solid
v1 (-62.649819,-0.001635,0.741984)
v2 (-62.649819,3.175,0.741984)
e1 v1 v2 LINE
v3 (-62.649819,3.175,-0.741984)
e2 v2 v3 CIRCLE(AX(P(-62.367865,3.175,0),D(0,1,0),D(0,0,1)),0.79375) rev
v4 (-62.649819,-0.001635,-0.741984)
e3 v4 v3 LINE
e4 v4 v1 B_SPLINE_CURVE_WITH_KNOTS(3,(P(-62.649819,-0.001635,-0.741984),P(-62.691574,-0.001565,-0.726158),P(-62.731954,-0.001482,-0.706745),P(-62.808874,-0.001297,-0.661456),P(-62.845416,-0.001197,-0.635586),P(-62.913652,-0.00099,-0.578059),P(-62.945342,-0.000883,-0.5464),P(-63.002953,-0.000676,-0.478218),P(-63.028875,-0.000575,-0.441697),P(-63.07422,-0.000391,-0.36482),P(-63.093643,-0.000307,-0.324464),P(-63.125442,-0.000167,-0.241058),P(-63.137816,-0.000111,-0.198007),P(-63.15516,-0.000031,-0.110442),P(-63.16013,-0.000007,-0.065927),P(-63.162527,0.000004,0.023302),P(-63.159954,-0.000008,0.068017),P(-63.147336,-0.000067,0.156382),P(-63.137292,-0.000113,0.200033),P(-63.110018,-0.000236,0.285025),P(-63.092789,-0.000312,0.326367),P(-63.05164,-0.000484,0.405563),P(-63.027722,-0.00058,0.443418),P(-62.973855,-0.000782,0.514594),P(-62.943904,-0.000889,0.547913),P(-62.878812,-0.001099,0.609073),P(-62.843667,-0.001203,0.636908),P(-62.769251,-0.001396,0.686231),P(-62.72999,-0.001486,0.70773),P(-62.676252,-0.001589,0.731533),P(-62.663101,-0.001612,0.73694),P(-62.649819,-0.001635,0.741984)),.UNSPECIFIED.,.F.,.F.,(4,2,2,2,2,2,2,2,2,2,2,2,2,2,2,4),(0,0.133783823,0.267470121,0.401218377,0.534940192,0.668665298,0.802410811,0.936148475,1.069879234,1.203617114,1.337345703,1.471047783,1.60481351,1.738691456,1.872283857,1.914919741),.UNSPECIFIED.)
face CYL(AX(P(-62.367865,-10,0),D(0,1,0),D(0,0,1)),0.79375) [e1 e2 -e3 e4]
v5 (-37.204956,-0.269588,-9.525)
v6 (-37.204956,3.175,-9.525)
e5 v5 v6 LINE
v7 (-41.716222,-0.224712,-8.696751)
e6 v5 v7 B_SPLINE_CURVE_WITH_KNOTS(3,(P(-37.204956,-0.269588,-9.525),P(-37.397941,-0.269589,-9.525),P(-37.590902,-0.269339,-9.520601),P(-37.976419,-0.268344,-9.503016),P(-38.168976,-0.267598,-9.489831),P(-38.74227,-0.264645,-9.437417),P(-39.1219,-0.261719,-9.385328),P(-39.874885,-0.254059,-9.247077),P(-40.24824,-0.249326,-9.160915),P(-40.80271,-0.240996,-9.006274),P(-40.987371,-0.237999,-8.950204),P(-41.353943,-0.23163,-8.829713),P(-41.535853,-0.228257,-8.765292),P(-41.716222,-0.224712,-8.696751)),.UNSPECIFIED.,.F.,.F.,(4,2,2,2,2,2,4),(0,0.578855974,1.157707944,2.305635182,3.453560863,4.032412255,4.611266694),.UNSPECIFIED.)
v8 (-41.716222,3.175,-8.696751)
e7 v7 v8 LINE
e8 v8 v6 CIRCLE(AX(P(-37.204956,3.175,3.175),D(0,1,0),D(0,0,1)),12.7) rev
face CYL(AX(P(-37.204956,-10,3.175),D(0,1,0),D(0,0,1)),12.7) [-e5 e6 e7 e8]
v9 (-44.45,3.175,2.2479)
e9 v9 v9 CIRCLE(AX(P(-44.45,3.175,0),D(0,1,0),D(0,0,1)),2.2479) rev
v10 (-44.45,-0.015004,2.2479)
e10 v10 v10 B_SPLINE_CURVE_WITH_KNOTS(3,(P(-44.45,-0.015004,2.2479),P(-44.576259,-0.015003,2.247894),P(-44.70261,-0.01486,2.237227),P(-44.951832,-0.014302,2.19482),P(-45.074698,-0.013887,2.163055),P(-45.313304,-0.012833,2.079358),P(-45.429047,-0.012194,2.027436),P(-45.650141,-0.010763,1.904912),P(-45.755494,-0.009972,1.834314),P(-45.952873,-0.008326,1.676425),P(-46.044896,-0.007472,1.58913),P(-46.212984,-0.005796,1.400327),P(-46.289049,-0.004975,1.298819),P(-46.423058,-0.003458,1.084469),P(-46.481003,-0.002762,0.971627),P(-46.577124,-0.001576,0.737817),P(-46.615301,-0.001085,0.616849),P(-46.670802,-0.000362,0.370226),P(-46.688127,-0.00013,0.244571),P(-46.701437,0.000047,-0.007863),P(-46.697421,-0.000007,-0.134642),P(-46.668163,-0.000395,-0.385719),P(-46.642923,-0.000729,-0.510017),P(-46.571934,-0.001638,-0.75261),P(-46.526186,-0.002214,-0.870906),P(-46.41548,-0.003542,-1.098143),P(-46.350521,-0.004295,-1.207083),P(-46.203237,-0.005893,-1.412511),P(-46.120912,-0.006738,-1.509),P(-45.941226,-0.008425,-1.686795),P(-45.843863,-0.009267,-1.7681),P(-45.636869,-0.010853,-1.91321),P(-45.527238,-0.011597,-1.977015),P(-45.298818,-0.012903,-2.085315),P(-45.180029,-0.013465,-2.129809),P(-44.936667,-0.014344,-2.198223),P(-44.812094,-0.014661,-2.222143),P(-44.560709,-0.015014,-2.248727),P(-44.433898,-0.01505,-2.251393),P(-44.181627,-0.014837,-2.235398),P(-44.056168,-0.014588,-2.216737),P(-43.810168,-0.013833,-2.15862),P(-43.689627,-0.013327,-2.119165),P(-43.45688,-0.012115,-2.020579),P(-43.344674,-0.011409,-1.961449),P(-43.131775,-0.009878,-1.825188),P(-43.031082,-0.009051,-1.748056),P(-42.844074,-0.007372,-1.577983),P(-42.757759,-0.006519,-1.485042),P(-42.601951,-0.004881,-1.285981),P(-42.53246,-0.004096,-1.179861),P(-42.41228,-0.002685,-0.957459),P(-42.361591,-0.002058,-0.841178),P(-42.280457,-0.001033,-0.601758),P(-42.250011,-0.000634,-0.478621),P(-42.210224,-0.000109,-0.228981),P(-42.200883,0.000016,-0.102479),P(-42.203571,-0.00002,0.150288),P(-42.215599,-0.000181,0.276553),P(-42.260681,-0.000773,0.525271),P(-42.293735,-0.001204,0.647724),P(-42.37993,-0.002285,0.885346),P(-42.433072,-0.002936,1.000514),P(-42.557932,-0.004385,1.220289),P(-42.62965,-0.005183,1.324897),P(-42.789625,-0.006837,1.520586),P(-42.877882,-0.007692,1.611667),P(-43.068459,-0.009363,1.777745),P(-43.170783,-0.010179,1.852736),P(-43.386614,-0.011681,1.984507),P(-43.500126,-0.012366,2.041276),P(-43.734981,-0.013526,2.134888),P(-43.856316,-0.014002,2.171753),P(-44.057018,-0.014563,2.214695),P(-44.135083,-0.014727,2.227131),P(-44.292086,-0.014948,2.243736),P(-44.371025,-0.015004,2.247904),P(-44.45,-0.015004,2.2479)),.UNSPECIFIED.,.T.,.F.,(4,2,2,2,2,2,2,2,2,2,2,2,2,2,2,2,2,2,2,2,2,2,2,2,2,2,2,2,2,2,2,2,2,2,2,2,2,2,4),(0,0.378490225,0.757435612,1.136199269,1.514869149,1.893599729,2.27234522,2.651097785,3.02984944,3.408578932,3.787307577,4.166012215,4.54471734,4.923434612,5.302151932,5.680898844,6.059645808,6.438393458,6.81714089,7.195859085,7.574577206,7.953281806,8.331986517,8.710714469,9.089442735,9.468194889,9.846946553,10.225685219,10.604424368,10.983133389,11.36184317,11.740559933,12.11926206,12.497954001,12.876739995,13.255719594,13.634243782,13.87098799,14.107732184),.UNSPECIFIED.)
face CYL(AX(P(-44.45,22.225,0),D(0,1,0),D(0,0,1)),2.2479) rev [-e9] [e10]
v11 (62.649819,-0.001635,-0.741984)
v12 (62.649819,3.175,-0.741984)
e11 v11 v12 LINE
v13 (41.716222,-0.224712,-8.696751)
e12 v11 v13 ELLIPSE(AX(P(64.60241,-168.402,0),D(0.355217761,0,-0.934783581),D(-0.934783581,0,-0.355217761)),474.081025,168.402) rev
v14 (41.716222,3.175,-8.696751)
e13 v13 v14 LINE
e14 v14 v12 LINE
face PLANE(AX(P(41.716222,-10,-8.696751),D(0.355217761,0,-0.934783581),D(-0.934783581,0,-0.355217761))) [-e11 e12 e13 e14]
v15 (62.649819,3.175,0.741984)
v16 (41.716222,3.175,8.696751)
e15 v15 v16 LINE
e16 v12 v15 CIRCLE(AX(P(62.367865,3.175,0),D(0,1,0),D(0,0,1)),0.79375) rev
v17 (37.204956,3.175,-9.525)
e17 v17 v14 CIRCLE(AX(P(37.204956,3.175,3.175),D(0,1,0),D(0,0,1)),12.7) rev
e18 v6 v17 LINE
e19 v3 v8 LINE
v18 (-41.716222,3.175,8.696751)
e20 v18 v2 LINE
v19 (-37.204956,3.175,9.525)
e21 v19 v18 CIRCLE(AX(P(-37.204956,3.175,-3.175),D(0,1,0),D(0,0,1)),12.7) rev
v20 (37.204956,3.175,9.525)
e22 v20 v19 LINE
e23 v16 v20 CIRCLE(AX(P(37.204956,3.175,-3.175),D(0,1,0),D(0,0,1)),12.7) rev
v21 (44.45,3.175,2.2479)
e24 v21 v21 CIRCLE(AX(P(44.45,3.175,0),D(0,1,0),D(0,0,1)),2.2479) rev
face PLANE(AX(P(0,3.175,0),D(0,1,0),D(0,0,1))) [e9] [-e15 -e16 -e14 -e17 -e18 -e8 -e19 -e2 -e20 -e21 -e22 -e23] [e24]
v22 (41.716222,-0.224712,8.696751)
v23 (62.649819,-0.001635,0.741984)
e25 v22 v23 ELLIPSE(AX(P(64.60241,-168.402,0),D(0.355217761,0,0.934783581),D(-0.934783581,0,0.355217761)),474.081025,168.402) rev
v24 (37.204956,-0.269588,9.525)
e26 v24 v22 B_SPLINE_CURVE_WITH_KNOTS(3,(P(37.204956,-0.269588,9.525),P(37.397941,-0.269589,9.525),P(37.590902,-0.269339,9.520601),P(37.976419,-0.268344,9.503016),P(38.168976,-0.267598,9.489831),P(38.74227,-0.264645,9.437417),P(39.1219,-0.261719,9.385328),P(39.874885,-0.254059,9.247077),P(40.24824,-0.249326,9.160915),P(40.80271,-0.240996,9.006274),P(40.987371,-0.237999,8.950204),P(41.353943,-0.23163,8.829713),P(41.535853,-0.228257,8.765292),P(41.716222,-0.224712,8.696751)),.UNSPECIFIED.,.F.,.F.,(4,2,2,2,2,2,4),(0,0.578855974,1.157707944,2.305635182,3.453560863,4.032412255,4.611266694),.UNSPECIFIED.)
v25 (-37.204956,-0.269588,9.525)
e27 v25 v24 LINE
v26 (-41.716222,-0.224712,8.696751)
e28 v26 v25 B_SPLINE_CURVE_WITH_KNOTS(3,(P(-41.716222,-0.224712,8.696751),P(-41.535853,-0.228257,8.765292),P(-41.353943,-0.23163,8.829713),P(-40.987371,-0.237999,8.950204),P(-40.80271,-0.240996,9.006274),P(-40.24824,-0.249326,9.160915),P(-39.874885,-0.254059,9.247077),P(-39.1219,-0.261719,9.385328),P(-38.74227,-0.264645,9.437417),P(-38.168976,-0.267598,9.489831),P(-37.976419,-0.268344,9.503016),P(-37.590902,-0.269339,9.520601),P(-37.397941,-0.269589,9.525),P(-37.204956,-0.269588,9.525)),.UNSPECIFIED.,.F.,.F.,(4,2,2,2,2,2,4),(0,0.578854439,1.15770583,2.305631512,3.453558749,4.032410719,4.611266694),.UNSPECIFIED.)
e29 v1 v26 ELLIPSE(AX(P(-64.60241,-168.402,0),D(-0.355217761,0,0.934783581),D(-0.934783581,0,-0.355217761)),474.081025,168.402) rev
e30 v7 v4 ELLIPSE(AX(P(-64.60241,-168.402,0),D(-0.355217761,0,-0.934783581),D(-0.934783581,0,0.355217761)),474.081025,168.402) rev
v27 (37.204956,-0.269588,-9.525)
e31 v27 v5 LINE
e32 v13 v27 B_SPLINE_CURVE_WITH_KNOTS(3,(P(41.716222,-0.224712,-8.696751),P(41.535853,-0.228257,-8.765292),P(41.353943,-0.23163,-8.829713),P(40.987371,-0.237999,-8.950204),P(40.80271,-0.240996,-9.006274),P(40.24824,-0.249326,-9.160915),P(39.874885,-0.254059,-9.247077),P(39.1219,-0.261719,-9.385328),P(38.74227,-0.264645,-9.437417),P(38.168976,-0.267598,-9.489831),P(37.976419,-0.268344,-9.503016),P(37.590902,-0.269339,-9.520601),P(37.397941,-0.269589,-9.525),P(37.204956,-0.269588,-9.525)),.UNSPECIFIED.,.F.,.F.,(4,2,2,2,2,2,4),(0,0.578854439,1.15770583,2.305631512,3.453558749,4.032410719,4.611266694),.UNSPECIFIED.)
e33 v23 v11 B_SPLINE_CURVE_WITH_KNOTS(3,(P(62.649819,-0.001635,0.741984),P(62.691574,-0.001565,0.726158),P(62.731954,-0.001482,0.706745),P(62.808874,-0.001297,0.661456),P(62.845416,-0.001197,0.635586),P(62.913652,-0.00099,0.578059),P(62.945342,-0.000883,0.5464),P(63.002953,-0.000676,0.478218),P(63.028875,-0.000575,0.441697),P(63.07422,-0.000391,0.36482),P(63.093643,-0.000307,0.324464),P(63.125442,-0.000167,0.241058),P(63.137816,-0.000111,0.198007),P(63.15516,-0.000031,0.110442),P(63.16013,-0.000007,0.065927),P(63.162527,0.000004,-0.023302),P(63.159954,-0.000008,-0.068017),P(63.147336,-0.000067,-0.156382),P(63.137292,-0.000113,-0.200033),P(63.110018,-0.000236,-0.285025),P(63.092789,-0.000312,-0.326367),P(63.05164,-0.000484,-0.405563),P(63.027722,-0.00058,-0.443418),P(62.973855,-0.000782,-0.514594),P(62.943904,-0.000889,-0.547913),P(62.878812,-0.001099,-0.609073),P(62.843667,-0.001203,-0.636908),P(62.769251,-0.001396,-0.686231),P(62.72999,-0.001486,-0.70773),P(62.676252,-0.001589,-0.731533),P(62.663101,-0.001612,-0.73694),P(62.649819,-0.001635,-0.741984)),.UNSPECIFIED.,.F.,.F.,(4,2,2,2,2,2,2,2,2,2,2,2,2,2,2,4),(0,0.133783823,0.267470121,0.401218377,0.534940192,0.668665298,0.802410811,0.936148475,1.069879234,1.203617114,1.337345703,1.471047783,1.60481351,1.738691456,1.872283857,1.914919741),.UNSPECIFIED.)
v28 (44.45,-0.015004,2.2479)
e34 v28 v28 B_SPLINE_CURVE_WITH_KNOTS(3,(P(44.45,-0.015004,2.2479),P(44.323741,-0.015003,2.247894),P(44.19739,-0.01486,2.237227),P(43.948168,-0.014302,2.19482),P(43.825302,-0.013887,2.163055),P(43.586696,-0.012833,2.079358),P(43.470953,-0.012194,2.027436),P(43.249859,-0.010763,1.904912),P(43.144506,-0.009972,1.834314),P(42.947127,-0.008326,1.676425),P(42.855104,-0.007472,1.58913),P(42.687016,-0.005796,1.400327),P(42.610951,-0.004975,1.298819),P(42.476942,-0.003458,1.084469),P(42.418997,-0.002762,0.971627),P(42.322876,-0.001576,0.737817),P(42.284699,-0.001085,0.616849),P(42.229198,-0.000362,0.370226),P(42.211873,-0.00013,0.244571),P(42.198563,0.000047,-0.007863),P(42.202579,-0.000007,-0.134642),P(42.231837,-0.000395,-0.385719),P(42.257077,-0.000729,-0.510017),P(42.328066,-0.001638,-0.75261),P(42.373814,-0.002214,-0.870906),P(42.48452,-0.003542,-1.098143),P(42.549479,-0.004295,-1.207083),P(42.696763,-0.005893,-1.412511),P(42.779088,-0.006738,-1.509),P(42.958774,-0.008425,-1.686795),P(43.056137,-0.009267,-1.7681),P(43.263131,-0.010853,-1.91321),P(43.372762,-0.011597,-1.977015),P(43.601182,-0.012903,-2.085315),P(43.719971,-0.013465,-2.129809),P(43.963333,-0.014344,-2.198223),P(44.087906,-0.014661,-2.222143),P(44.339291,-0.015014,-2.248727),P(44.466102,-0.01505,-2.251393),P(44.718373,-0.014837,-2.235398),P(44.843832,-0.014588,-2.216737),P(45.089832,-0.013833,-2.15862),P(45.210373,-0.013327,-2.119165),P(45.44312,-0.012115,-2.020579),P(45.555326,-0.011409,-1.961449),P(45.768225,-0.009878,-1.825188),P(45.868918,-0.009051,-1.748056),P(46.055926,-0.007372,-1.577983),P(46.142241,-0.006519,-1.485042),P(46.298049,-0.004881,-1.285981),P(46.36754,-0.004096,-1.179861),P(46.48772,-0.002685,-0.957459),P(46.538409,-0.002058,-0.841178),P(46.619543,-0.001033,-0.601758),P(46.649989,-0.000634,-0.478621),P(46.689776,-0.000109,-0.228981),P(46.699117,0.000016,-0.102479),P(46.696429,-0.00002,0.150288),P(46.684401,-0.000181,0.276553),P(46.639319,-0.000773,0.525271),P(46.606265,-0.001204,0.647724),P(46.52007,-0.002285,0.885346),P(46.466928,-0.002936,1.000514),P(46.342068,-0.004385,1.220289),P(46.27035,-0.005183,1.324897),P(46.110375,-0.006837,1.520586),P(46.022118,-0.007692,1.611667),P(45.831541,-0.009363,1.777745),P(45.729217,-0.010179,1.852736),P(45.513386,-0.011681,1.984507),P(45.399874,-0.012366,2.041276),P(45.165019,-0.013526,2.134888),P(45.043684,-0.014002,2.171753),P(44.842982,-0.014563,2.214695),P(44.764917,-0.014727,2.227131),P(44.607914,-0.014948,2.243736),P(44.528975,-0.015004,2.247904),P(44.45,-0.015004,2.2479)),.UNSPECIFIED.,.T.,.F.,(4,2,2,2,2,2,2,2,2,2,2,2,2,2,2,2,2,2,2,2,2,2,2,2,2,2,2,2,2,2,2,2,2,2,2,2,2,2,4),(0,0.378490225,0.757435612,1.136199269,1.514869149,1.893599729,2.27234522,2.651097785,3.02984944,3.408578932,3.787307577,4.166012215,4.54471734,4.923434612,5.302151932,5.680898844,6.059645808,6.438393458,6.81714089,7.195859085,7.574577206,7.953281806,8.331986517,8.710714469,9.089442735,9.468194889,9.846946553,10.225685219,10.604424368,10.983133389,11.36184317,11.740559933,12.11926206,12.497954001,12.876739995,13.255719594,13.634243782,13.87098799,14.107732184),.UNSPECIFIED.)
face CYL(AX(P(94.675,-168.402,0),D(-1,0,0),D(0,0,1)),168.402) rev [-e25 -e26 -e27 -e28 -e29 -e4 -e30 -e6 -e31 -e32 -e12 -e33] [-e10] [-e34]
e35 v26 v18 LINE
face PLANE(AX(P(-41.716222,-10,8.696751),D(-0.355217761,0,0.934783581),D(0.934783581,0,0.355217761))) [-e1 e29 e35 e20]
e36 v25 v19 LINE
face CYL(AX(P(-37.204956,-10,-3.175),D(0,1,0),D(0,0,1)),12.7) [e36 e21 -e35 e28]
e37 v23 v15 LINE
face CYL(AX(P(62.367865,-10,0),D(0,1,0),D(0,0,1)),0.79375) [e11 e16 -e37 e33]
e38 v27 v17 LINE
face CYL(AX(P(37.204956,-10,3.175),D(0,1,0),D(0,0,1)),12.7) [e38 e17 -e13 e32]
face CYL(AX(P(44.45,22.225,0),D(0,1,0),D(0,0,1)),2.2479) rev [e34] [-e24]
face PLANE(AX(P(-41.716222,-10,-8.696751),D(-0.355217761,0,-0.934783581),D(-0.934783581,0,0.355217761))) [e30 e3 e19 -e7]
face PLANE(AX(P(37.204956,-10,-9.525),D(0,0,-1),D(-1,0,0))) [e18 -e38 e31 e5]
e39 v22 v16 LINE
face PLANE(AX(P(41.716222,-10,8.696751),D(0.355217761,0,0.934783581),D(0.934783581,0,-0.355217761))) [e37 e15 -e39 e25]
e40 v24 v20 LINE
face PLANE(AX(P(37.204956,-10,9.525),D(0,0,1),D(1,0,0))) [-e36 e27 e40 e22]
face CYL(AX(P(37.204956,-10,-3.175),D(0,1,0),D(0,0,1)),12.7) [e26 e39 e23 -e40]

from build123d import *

# Parameters (mm, degrees)
BOSS_EXTRUDE2_DEPTH                               = 22.225
BOSS_EXTRUDE2_DEPTH_BACK                          = 10
SKETCH2_W                                         = 153.14353988
SKETCH2_H                                         = 6.35
CUT_EXTRUDE1_DEPTH                                = 4.7625
SKETCH3_W                                         = 152.758434582
SKETCH3_H                                         = 6.35
CUT_EXTRUDE2_DEPTH                                = 4.7625
FILLET3_R                                         = 12.7
FILLET4_R                                         = 12.7
FILLET5_R                                         = 12.7
FILLET6_R                                         = 12.7
CUT_EXTRUDE3_DEPTH                                = 94.675
CUT_EXTRUDE3_DEPTH_BACK                           = 84.675
SKETCH12_R                                        = 168.402
CSK_FOR_8_FLAT_HEAD_SOCKET_CAP_SCREW2_D           = 4.4958
CSK_FOR_8_FLAT_HEAD_SOCKET_CAP_SCREW2_CSINK_D     = 9.1186
CSK_FOR_8_FLAT_HEAD_SOCKET_CAP_SCREW2_CSINK_ANGLE = 82
SKETCH22_W                                        = 144.636542349
SKETCH22_H                                        = 24.041785527
CUT_EXTRUDE4_DEPTH                                = 42.672


with BuildPart() as part:
    # Sketch1 → Boss-Extrude2 (new, two sides: drawn at the far end of the back side and taken through both)
    with BuildSketch(Plane(origin=(0, 0, 0), x_dir=(1, 0, 0), z_dir=(0, 1, 0)).offset(-BOSS_EXTRUDE2_DEPTH_BACK)):
        with BuildLine():
            Line((37.204956004, 9.525), (-37.204956004, 9.525))
            ThreePointArc((-37.204956004, 9.525), (-39.498289417, 9.316221792), (-41.716221563, 8.696751473))
            Line((-41.716221563, 8.696751473), (-62.649818949, 0.741984467))
            ThreePointArc((-62.649818949, 0.741984467), (-63.161614851, 0), (-62.649818949, -0.741984467))
            Line((-62.649818949, -0.741984467), (-41.716221563, -8.696751473))
            ThreePointArc((-41.716221563, -8.696751473), (-39.498289417, -9.316221792), (-37.204956004, -9.525))
            Line((-37.204956004, -9.525), (37.204956004, -9.525))
            ThreePointArc((37.204956004, -9.525), (39.498289417, -9.316221792), (41.716221563, -8.696751473))
            Line((41.716221563, -8.696751473), (62.649818949, -0.741984467))
            ThreePointArc((62.649818949, -0.741984467), (63.161614851, 0), (62.649818949, 0.741984467))
            Line((62.649818949, 0.741984467), (41.716221563, 8.696751473))
            ThreePointArc((41.716221563, 8.696751473), (39.498289417, 9.316221792), (37.204956004, 9.525))
        make_face()
    extrude(amount=BOSS_EXTRUDE2_DEPTH + BOSS_EXTRUDE2_DEPTH_BACK)

    # Sketch2 → Cut-Extrude1 (cut)
    with BuildSketch(Plane.XY.offset(9.525)):
        with Locations((7.894658594, 12.7)):
            Rectangle(SKETCH2_W, SKETCH2_H)
    extrude(amount=-CUT_EXTRUDE1_DEPTH, mode=Mode.SUBTRACT)

    # Sketch3 → Cut-Extrude2 (cut)
    with BuildSketch(Plane(origin=(0, 0, -9.525), x_dir=(-1, 0, 0), z_dir=(0, 0, -1))):
        with Locations((8.600684972, 12.7)):
            Rectangle(SKETCH3_W, SKETCH3_H)
    extrude(amount=-CUT_EXTRUDE2_DEPTH, mode=Mode.SUBTRACT)

    # Fillet3
    fillet3_edges = [part.edges().sort_by_distance(p)[0] for p in [
        (52.069514915, 12.7, -4.7625),
    ]]
    fillet(fillet3_edges, radius=FILLET3_R)

    # Fillet4
    fillet4_edges = [part.edges().sort_by_distance(p)[0] for p in [
        (52.069514915, 12.7, 4.7625),
    ]]
    fillet(fillet4_edges, radius=FILLET4_R)

    # Fillet5
    fillet5_edges = [part.edges().sort_by_distance(p)[0] for p in [
        (-52.069514915, 12.7, 4.7625),
    ]]
    fillet(fillet5_edges, radius=FILLET5_R)

    # Fillet6
    fillet6_edges = [part.edges().sort_by_distance(p)[0] for p in [
        (-52.069514915, 12.7, -4.7625),
    ]]
    fillet(fillet6_edges, radius=FILLET6_R)

    # Sketch12 → Cut-Extrude3 (cut, two sides: drawn at the far end of the back side and taken through both)
    with BuildSketch(Plane(origin=(0, 0, 0), x_dir=(0, 0, -1), z_dir=(1, 0, 0)).offset(-CUT_EXTRUDE3_DEPTH_BACK)):
        with Locations((0, -168.402)):
            Circle(SKETCH12_R)
    extrude(amount=CUT_EXTRUDE3_DEPTH + CUT_EXTRUDE3_DEPTH_BACK, mode=Mode.SUBTRACT)

    # CSK for #8 Flat Head Socket Cap Screw2 (through all)
    with Locations(Plane(origin=(0, 22.225, 0), x_dir=(1, 0, 0), z_dir=(0, 1, 0))):
        with Locations((-44.45, 0), (44.45, 0)):
            CounterSinkHole(CSK_FOR_8_FLAT_HEAD_SOCKET_CAP_SCREW2_D / 2, CSK_FOR_8_FLAT_HEAD_SOCKET_CAP_SCREW2_CSINK_D / 2, counter_sink_angle=CSK_FOR_8_FLAT_HEAD_SOCKET_CAP_SCREW2_CSINK_ANGLE)

    # Sketch22 → Cut-Extrude4 (cut)
    with BuildSketch(Plane(origin=(0, 3.175, 0), x_dir=(1, 0, 0), z_dir=(0, 1, 0))):
        with Locations((-1.245916594, -0.077514015)):
            Rectangle(SKETCH22_W, SKETCH22_H)
    extrude(amount=CUT_EXTRUDE4_DEPTH, mode=Mode.SUBTRACT)


solid = part.part
